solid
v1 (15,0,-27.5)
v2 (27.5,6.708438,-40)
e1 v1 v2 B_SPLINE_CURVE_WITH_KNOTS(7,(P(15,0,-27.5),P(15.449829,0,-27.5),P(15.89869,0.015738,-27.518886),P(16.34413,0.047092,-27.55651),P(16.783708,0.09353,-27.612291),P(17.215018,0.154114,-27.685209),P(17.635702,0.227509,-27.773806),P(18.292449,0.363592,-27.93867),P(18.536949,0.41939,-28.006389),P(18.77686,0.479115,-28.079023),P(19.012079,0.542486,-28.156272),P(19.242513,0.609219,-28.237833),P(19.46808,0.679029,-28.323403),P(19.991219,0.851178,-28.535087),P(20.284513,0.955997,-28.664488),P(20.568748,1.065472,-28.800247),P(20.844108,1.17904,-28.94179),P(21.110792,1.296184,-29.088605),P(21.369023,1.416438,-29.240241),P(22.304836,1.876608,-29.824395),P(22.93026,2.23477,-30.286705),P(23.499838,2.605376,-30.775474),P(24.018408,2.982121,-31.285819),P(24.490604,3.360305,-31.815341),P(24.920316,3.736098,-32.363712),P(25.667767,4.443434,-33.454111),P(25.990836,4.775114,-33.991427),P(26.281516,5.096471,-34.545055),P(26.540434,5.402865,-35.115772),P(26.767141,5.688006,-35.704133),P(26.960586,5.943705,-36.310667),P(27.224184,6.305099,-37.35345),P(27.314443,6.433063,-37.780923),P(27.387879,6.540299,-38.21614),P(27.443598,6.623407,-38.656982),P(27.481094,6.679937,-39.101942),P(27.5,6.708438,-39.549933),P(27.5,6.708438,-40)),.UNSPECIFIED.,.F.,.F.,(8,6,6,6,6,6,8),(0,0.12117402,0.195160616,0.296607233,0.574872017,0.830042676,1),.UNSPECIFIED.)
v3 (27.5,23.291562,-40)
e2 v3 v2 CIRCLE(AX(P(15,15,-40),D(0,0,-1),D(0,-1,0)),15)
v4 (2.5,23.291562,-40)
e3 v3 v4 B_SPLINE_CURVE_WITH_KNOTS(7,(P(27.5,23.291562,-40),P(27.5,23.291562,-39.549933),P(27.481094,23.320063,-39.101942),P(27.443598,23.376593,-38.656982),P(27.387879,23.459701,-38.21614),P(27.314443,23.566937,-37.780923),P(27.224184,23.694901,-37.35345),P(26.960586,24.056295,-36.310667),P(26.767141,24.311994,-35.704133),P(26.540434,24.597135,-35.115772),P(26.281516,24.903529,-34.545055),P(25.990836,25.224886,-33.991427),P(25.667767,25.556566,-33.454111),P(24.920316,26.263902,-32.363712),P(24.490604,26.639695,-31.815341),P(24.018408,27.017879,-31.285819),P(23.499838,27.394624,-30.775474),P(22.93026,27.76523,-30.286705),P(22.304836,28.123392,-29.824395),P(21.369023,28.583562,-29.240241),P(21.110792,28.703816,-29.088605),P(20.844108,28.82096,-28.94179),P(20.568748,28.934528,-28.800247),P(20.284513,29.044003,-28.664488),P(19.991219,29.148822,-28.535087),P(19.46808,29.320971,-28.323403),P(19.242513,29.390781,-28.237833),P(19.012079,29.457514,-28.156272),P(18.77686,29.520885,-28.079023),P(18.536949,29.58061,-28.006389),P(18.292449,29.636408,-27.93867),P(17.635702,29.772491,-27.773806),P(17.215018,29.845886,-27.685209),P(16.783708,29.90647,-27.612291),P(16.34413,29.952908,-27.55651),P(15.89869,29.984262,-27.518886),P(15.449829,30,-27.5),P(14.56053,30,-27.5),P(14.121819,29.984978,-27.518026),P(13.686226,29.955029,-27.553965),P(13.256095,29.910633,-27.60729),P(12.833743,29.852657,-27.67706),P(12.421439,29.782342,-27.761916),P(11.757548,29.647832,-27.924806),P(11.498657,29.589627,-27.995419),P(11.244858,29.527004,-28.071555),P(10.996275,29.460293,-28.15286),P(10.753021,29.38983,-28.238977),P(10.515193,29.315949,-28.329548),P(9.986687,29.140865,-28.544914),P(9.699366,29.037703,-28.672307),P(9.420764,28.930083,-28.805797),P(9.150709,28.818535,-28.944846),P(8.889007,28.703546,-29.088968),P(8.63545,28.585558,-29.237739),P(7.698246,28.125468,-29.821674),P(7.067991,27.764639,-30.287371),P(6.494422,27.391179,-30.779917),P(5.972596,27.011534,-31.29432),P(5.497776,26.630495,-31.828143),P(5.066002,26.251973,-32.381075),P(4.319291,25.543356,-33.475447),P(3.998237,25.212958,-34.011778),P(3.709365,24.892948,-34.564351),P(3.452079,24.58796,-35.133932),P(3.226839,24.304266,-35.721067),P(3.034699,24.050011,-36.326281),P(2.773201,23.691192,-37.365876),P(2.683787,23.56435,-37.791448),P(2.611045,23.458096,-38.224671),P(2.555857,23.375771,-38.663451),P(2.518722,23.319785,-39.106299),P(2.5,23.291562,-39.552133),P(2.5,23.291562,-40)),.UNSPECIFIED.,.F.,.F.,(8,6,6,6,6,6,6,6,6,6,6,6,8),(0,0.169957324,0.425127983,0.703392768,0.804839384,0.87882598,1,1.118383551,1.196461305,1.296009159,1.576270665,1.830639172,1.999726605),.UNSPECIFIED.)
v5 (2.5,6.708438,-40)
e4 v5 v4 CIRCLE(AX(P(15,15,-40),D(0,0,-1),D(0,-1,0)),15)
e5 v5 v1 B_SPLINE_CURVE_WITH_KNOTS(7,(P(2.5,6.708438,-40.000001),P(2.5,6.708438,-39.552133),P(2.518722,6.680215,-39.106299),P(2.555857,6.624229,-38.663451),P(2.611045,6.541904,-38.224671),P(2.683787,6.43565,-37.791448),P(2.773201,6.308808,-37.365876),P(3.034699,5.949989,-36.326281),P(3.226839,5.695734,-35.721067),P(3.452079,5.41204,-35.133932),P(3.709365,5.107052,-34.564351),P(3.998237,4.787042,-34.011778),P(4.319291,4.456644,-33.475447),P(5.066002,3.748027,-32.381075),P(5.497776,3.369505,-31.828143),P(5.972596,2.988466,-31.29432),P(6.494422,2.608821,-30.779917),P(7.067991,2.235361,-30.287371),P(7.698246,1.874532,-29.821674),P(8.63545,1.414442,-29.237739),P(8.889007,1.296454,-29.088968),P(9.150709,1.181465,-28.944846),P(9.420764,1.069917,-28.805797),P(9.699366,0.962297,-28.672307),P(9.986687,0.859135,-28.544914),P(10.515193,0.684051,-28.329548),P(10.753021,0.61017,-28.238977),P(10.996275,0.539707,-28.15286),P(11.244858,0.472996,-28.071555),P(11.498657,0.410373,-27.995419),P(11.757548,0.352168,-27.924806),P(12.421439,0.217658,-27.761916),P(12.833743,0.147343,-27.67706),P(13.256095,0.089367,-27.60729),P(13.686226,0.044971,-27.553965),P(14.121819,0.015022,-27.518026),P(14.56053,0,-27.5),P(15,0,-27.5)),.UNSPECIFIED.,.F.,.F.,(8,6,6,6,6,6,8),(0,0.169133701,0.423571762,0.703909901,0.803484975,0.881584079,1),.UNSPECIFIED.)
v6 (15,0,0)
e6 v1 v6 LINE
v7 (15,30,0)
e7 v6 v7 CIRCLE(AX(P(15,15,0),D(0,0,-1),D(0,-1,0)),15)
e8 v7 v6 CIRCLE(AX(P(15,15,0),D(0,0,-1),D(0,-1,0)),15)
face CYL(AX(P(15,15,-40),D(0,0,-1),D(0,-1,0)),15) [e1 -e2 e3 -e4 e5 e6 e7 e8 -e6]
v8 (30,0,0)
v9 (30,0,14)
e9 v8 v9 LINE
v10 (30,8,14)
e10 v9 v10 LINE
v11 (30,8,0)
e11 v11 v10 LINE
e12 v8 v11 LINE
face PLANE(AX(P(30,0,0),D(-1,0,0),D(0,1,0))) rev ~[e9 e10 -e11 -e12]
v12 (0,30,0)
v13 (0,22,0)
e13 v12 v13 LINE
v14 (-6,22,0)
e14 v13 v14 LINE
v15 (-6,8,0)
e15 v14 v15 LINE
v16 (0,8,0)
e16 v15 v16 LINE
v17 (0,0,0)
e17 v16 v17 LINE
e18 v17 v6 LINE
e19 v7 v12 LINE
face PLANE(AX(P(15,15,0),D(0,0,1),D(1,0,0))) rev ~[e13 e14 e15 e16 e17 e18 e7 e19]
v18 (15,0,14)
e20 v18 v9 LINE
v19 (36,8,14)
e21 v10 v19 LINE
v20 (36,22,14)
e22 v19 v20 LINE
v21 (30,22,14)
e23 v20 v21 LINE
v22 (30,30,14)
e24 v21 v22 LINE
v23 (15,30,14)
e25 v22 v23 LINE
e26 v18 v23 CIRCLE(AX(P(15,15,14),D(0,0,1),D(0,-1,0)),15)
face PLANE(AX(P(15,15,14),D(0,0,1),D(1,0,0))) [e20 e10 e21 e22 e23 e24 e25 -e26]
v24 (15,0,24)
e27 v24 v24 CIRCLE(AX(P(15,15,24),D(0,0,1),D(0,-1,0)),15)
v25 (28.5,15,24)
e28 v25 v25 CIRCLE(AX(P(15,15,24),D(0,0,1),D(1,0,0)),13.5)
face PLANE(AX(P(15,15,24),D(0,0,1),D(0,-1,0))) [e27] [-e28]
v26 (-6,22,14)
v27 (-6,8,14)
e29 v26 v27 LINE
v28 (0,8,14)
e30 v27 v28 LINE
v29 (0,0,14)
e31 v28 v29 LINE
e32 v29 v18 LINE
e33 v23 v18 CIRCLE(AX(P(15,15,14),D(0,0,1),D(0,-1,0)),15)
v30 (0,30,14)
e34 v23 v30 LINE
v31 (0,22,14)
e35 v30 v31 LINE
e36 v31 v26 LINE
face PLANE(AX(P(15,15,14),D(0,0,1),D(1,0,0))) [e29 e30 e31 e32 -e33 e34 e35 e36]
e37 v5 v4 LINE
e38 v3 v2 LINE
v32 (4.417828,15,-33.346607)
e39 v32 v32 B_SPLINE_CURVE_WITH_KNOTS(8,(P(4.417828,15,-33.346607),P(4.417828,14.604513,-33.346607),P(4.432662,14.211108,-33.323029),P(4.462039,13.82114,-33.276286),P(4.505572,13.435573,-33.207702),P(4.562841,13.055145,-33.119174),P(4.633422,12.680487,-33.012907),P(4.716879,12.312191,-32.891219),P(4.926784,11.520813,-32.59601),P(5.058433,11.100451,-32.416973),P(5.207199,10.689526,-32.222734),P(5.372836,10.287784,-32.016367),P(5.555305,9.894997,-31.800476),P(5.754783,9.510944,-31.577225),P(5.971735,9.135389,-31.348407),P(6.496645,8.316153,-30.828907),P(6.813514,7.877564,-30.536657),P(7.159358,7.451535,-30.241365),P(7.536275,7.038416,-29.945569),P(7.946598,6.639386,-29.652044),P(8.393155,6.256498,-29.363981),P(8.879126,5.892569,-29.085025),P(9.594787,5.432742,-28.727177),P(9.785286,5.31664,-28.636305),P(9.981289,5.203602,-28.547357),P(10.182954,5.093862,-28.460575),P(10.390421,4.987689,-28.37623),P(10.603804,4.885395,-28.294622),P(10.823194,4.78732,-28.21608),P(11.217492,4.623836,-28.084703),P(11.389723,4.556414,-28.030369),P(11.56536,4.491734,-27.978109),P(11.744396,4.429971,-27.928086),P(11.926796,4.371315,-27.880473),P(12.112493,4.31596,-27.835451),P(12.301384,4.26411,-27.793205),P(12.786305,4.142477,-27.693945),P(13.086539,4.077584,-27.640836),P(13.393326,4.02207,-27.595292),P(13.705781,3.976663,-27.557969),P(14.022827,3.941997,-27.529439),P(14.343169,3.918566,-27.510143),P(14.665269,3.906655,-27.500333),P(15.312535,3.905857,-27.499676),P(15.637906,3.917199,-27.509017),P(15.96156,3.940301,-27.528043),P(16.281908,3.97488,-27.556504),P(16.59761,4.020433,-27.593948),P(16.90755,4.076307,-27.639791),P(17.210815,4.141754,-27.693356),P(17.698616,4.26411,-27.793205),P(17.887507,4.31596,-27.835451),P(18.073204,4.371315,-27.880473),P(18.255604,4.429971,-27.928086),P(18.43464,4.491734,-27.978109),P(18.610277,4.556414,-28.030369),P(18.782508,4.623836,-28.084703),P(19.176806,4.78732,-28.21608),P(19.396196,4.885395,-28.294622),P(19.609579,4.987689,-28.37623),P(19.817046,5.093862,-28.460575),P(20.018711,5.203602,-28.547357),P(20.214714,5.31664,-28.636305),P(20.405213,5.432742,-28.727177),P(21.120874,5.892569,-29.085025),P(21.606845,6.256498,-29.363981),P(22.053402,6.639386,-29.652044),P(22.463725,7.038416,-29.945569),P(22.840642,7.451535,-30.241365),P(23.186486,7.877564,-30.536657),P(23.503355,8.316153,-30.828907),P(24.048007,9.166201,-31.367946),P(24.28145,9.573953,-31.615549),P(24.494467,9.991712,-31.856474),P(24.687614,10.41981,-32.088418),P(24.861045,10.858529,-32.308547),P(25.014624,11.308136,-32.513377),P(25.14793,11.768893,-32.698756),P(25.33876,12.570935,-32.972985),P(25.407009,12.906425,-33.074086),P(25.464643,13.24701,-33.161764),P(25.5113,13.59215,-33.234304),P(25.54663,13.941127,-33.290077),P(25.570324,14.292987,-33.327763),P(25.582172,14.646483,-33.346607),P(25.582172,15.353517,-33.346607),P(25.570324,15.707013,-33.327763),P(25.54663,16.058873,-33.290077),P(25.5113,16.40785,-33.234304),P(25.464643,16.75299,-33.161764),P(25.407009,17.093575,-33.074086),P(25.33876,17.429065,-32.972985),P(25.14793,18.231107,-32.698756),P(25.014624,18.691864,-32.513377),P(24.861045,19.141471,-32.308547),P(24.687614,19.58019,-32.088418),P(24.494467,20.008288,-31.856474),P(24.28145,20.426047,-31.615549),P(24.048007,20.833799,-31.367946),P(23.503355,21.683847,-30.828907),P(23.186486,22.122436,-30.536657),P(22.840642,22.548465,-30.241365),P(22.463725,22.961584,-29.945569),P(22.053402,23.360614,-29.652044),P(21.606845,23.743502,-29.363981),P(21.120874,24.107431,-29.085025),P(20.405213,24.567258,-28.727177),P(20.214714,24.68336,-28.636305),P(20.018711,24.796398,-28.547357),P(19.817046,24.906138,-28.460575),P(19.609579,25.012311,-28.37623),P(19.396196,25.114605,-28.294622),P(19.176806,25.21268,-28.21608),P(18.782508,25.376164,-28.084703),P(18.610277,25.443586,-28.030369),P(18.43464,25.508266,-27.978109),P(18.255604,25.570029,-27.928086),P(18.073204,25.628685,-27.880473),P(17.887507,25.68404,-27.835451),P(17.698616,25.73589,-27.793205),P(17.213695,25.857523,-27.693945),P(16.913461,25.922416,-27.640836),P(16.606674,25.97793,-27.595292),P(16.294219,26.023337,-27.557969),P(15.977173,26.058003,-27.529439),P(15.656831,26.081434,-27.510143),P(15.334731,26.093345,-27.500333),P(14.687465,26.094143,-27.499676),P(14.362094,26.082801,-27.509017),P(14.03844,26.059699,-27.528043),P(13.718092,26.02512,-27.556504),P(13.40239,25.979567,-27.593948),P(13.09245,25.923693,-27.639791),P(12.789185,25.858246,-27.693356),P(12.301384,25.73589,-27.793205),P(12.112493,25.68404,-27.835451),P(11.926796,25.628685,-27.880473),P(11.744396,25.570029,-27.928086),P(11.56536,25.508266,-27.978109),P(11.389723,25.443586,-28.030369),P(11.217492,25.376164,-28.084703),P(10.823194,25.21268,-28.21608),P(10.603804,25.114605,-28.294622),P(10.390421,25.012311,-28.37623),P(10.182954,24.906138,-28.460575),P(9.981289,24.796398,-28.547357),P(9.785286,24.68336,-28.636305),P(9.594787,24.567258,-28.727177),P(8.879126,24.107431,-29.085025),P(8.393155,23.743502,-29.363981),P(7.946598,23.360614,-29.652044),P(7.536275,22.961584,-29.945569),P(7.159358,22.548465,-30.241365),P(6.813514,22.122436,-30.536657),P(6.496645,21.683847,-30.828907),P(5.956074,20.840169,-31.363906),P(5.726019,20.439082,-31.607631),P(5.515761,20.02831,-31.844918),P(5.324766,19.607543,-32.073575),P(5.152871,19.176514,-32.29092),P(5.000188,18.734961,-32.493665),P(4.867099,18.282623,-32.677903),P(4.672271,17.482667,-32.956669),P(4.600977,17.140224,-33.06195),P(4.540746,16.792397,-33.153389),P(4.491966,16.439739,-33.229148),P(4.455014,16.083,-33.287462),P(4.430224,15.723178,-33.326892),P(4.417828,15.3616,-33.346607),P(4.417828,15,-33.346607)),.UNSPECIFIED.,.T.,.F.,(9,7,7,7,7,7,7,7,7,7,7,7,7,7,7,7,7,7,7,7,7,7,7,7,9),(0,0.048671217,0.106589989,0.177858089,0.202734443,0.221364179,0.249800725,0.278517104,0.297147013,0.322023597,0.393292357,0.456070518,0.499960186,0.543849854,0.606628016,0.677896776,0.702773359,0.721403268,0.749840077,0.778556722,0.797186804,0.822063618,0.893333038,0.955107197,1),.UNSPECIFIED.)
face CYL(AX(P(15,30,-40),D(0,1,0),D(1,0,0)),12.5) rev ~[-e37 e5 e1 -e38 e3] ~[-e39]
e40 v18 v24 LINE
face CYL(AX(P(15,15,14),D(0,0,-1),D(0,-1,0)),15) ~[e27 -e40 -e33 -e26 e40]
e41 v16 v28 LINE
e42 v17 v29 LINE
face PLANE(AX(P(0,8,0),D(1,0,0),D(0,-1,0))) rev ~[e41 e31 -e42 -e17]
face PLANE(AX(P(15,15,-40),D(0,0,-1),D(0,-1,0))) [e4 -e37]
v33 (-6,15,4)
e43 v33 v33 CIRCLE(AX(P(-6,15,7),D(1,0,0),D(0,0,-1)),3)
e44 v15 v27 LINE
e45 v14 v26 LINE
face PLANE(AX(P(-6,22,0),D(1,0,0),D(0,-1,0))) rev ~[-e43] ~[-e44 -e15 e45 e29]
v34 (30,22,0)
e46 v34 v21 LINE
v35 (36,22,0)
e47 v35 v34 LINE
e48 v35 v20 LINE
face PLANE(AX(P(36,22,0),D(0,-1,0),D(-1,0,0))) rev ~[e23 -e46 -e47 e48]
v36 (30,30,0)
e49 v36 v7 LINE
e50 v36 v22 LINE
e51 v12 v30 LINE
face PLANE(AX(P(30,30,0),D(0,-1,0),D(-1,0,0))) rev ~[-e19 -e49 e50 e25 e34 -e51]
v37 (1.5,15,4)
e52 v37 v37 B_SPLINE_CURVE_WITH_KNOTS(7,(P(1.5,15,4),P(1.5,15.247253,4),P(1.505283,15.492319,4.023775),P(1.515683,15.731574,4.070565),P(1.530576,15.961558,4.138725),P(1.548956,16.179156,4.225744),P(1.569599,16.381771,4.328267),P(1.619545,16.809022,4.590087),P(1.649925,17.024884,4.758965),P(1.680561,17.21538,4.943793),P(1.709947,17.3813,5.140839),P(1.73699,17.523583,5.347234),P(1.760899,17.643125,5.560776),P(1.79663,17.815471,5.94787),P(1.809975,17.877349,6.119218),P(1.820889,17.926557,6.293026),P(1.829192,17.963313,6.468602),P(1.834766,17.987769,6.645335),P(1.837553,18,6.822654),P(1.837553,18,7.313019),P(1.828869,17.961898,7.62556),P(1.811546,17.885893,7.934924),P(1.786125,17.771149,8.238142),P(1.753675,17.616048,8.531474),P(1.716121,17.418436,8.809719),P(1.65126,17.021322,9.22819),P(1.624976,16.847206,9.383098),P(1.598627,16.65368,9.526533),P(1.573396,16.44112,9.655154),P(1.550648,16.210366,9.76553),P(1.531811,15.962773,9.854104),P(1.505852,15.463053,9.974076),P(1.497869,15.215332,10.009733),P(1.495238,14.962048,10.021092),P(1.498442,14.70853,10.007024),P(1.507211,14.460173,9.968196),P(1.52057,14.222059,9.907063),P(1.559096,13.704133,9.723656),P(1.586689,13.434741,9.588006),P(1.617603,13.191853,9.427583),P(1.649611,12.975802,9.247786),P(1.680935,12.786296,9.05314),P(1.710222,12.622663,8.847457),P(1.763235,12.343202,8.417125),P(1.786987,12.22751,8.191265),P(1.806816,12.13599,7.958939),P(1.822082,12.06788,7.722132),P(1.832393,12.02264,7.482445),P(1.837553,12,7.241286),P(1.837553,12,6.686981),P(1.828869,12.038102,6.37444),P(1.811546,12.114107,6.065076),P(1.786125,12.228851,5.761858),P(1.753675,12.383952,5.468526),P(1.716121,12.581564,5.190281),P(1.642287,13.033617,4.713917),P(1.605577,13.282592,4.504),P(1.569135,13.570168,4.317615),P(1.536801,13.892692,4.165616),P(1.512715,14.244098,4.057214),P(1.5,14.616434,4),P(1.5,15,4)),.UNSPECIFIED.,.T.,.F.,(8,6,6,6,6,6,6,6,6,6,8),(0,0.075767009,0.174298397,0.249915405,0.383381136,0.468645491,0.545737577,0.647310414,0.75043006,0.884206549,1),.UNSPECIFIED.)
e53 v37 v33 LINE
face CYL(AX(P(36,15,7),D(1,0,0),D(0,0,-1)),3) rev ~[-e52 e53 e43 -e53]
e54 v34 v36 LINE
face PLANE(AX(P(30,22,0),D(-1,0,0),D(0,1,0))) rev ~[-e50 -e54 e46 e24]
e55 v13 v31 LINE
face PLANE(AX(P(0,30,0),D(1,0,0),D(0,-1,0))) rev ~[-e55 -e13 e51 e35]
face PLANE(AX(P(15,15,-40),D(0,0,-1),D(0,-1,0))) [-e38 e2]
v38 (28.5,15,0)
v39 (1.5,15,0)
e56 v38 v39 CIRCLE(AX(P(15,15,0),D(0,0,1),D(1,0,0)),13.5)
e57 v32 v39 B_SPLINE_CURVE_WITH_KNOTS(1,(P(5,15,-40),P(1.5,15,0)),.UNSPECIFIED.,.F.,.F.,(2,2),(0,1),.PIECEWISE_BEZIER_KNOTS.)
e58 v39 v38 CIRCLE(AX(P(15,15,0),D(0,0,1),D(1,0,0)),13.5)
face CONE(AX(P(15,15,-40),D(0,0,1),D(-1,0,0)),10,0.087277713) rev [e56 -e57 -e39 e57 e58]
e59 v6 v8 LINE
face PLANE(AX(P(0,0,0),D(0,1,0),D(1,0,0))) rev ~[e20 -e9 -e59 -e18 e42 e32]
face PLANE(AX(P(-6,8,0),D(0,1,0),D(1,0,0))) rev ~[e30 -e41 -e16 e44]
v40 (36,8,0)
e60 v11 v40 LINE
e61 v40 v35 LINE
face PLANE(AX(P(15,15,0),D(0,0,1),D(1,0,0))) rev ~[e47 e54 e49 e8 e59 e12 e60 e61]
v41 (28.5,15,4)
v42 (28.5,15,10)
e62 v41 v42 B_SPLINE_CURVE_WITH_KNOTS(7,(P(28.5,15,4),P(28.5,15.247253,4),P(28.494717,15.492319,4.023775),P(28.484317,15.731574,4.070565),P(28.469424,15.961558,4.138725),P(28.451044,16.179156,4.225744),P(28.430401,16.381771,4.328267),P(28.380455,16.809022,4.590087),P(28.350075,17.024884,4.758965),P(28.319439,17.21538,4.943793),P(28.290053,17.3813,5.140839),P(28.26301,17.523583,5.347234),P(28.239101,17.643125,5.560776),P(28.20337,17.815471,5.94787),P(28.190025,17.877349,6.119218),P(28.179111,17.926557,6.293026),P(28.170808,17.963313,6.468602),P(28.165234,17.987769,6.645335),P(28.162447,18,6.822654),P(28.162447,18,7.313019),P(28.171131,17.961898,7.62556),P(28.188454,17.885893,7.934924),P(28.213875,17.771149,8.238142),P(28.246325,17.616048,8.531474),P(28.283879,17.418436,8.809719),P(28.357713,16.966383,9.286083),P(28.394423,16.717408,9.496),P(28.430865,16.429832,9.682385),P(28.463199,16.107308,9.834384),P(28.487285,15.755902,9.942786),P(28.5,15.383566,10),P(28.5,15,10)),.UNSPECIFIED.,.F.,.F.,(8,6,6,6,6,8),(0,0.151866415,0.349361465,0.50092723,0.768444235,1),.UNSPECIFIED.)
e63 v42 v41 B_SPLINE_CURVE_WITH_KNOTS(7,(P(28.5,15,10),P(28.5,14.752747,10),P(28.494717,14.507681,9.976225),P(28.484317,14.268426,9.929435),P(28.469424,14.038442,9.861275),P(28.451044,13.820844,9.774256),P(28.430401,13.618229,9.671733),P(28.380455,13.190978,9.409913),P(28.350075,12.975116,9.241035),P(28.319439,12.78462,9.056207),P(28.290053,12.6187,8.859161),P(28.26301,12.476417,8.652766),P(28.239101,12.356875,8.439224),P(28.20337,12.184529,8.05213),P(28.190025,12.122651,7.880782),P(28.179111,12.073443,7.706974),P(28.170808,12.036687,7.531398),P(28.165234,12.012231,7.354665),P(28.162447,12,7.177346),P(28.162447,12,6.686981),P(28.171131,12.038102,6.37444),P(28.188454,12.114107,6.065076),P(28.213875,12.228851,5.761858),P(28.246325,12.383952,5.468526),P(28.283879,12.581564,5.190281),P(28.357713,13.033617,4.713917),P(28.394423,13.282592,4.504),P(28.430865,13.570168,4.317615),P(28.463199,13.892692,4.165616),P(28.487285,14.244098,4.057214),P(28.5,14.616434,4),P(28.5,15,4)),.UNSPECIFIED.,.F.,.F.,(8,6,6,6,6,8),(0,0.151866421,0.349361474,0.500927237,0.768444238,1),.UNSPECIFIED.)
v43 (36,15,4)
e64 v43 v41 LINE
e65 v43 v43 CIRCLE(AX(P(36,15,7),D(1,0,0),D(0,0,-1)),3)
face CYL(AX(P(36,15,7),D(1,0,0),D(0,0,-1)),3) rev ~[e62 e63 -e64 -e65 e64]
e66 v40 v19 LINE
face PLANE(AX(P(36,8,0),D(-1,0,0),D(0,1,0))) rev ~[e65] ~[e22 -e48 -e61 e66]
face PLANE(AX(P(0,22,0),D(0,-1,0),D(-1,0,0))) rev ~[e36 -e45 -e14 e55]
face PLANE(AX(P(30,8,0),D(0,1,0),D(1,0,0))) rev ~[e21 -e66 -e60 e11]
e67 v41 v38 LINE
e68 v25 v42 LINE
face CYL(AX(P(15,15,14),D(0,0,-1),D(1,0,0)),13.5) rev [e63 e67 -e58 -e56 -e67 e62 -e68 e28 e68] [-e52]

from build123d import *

# Parameters (mm, degrees)
SKETCH_1_R          = 13.5
EXTRUDE_1_DEPTH     = 14
SKETCH_2_R          = 15
SKETCH_2_R_2        = 13.5
EXTRUDE_2_DEPTH     = 10
EXTRUDE_START       = 40
SKETCH_3_R          = 15
EXTRUDE_3_DEPTH     = 40
SKETCH_4_R          = 10
CUT_EXTRUDE_1_DEPTH = 40
SKETCH_6_R          = 3
CUT_EXTRUDE_2_DEPTH = 66.299310931
SKETCH_7_R          = 12.5
CUT_EXTRUDE_3_DEPTH = 62.611687326


with BuildPart() as part:
    # Эскиз1 → Бобышка-Вытянуть1 (new body)
    with BuildSketch(Plane.XY):
        Polygon((0, 30), (0, 22), (-6, 22), (-6, 8), (0, 8), (0, 0), (30, 0), (30, 8), (36, 8), (36, 22), (30, 22), (30, 30), align=None)
        with Locations((15, 15)):
            Circle(SKETCH_1_R, mode=Mode.SUBTRACT)
    extrude(amount=EXTRUDE_1_DEPTH)

    # Эскиз2 → Бобышка-Вытянуть2 (add)
    with BuildSketch(Plane.XY.offset(14)):
        with Locations(Location((15, 15, 0), (0, 0, 270))):
            Circle(SKETCH_2_R)
        with Locations((15, 15)):
            Circle(SKETCH_2_R_2, mode=Mode.SUBTRACT)
    extrude(amount=EXTRUDE_2_DEPTH)

    # Эскиз3 → Бобышка-Вытянуть3 (add)
    with BuildSketch(Plane(origin=(0, 0, 0), x_dir=(-1, 0, 0), z_dir=(0, 0, -1)).offset(EXTRUDE_START)):
        with Locations(Location((-15, 15, 0), (0, 0, 270))):
            Circle(SKETCH_3_R)
    extrude(amount=-EXTRUDE_3_DEPTH)

    # Эскиз4 → Вырез-Вытянуть1 (cut)
    with BuildSketch(Plane(origin=(0, 0, -40), x_dir=(-1, 0, 0), z_dir=(0, 0, -1))):
        with Locations((-15, 15)):
            Circle(SKETCH_4_R)
    extrude(amount=-CUT_EXTRUDE_1_DEPTH, mode=Mode.SUBTRACT)

    # loft up to a face of the part (loft_1)
    loft([Face(Wire([part.edges().sort_by_distance((21.845471059, 22.289686274, -40))[0]])), Face(Wire([part.edges().sort_by_distance((5.75861407, 24.84107647, 0))[0]]))], mode=Mode.SUBTRACT)

    # Эскиз6 → Вырез-Вытянуть2 (cut, through all)
    with BuildSketch(Plane(origin=(36, 0, 0), x_dir=(0, 0, -1), z_dir=(1, 0, 0))):
        with Locations((-7, 15)):
            Circle(SKETCH_6_R)
    extrude(amount=-CUT_EXTRUDE_2_DEPTH, mode=Mode.SUBTRACT)

    # Эскиз7 → Вырез-Вытянуть3 (cut, through all)
    with BuildSketch(Plane(origin=(0, 30, 0), x_dir=(1, 0, 0), z_dir=(0, 1, 0))):
        with Locations((15, 40)):
            Circle(SKETCH_7_R)
    extrude(amount=-CUT_EXTRUDE_3_DEPTH, mode=Mode.SUBTRACT)


solid = part.part
